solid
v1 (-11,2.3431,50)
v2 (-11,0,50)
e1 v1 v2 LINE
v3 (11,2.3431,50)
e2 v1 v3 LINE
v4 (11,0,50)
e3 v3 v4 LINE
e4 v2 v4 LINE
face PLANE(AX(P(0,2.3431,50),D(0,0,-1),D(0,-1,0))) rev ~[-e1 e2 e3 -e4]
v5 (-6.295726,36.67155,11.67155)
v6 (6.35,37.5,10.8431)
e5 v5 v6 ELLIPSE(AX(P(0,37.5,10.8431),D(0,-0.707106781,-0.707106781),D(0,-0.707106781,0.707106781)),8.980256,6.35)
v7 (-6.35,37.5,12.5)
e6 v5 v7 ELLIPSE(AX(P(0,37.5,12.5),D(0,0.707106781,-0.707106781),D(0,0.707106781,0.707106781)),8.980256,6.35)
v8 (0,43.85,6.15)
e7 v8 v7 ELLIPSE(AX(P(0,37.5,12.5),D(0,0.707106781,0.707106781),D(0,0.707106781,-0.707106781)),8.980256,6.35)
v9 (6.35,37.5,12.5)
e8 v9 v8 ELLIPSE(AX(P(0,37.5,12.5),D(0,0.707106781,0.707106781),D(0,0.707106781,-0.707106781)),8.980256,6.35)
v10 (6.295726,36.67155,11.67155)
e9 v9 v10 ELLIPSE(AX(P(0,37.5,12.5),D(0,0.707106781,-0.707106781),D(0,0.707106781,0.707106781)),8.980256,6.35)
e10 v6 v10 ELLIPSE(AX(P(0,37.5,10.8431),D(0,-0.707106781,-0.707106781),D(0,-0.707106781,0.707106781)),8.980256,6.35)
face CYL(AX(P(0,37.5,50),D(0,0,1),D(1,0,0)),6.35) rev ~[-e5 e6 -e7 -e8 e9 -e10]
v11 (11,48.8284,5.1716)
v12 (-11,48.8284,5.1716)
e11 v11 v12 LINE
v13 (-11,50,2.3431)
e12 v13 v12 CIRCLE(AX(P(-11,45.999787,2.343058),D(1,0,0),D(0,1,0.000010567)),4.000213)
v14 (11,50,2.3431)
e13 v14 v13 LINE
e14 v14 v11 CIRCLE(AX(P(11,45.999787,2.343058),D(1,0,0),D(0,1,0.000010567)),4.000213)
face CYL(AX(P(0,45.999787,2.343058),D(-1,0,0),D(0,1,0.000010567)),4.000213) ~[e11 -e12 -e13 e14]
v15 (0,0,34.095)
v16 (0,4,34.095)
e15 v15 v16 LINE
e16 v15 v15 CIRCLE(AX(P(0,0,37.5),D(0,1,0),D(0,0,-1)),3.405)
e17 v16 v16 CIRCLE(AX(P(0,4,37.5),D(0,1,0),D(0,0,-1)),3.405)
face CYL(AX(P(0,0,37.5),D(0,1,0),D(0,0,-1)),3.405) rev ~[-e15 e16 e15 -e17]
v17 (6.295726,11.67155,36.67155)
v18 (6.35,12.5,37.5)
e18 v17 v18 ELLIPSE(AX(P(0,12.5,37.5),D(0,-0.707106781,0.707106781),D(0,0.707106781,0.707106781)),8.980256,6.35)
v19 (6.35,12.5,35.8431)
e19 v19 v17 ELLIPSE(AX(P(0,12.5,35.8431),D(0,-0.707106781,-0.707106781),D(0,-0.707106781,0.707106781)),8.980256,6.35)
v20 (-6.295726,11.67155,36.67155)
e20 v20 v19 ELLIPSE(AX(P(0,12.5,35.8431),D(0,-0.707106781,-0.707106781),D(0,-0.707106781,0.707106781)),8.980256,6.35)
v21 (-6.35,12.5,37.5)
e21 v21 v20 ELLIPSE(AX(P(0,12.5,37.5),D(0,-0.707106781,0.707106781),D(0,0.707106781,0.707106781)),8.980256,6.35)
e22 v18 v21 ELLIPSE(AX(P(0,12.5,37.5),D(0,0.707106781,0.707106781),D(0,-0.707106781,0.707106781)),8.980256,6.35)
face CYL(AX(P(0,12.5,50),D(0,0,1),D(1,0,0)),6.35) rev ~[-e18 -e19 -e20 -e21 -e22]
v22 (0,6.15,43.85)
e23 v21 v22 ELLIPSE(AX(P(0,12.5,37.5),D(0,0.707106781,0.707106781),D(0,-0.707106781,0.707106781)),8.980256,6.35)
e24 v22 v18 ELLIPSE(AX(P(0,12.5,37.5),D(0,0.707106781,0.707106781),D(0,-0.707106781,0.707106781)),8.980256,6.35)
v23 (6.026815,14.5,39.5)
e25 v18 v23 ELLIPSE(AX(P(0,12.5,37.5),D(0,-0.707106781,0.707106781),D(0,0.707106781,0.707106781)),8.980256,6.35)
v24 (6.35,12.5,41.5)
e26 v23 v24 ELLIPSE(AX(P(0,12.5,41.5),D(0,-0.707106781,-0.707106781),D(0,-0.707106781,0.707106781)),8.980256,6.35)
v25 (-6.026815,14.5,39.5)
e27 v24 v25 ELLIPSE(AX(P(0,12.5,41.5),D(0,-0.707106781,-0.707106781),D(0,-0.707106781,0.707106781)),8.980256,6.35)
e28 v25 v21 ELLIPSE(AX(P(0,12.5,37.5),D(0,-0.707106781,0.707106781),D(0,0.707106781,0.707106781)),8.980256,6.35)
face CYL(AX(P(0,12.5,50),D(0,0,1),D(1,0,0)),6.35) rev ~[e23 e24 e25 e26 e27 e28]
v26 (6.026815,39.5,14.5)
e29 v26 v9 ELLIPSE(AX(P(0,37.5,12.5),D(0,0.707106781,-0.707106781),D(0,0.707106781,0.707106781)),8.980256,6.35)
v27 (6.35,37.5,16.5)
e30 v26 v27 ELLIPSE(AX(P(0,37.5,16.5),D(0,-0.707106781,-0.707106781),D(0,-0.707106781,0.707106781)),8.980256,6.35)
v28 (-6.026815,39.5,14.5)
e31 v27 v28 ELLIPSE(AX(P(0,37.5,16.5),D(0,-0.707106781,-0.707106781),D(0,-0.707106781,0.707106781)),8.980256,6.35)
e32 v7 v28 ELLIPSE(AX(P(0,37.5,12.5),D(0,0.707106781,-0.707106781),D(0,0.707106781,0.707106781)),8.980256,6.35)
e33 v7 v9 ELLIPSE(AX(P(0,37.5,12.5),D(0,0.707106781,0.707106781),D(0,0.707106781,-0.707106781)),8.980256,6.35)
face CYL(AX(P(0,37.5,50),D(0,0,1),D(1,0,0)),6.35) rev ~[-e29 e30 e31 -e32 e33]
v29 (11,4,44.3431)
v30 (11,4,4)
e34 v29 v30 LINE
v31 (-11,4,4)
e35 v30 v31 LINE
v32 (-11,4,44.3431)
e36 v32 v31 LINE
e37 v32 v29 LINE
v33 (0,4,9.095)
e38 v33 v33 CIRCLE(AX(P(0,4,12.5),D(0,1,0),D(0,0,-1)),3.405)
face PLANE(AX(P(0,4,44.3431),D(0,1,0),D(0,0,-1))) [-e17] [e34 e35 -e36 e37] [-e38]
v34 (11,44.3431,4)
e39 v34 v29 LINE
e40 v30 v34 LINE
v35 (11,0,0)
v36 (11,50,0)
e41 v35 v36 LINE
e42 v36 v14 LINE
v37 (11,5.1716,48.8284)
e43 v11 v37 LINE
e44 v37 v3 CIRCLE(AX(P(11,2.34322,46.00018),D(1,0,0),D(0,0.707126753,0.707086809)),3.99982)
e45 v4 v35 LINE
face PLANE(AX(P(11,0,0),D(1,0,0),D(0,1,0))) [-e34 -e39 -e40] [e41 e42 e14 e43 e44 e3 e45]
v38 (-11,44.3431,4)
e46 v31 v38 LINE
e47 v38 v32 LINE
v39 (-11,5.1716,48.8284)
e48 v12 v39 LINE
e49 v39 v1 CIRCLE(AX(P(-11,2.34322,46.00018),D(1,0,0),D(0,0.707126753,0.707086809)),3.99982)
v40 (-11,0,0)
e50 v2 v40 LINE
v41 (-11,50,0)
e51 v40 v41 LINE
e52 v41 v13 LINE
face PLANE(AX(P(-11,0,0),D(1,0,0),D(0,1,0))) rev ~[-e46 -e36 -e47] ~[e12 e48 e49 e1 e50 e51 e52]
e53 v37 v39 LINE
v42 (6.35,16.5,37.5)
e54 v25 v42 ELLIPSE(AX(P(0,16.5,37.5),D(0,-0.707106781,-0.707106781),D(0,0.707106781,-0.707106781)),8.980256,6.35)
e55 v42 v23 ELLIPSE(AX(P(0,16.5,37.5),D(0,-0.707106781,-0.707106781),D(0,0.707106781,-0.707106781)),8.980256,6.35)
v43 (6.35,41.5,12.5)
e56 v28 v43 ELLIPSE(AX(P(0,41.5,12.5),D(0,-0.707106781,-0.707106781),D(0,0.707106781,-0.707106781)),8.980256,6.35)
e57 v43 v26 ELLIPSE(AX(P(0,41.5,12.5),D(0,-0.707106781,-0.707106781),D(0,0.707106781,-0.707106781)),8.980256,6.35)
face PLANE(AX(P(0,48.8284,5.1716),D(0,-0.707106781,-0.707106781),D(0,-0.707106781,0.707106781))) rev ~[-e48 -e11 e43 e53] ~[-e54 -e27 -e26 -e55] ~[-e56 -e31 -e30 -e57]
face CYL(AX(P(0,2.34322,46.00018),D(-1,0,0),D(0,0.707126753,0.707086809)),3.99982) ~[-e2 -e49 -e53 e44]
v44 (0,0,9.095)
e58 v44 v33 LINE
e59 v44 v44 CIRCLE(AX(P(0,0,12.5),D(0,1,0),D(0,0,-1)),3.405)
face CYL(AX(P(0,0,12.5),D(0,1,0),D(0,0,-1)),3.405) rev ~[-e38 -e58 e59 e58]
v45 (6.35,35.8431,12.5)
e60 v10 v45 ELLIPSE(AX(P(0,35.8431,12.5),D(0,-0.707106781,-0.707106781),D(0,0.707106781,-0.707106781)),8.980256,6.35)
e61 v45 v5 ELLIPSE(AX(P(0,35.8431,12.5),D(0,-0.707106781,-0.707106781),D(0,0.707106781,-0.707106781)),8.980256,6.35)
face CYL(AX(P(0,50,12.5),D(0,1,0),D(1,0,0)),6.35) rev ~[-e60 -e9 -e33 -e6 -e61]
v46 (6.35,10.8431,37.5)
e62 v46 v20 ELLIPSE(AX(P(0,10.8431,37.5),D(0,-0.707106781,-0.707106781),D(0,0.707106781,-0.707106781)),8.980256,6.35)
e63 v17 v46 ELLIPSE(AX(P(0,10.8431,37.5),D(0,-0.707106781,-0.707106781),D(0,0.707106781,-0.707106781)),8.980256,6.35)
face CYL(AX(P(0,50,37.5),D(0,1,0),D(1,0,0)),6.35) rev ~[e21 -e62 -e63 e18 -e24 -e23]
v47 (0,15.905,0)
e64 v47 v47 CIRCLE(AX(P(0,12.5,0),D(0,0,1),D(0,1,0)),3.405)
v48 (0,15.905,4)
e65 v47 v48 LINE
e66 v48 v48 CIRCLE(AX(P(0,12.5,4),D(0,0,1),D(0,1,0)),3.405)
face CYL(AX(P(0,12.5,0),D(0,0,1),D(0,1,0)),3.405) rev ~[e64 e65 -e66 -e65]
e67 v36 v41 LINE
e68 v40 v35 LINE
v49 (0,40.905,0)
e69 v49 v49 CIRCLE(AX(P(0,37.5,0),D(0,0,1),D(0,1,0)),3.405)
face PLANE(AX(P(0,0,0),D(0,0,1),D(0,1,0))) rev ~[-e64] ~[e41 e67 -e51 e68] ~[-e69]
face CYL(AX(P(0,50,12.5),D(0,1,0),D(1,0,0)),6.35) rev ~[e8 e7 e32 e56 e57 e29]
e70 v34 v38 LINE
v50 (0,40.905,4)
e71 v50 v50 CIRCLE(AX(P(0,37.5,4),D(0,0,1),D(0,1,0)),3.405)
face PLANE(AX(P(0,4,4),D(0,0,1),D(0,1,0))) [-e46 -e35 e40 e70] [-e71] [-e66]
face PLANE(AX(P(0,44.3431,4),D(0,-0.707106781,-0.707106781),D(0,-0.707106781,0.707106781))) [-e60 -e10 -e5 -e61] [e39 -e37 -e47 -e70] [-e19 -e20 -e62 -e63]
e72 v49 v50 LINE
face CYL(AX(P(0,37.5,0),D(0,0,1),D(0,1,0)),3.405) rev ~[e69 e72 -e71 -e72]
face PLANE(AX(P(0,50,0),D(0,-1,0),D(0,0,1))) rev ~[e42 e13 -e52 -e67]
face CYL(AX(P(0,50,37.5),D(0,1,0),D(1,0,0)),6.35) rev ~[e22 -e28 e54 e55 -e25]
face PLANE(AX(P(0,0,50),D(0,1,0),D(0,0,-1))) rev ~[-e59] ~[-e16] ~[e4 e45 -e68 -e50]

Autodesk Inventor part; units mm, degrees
ref_plane "YZ Plane" through (0, 0, 0) normal (1, 0, 0) x (0, 1, 0)
ref_plane "XZ Plane" through (0, 0, 0) normal (0, 1, 0) x (-1, 0, 0)
ref_plane "XY Plane" through (0, 0, 0) normal (0, 0, 1) x (1, 0, 0)
sketch "Sketch_1" plane through (0, 0, 0) normal (1, 0, 0) x (0, 1, 0)
  line L0 (2.3431, 50) -> (0, 50)
  line L1 (0, 50) -> (0, 0)
  line L2 (0, 0) -> (50, 0)
  line L3 (50, 0) -> (50, 2.3431)
  arc A0 (50, 2.3431) -> (48.8284, 5.1716) centre (46, 2.3431) ccw
  line L4 (48.8284, 5.1716) -> (5.1716, 48.8284)
  arc A1 (5.1716, 48.8284) -> (2.3431, 50) centre (2.3431, 46) ccw
  line L5 (4, 44.3431) -> (4, 4)
  line L6 (4, 4) -> (44.3431, 4)
  line L7 (44.3431, 4) -> (4, 44.3431)
extrude "Extrusion1" add sketch "Sketch_1" along normal mid plane 22
sketch "Sketch2" plane through (-11, 0, 0) normal (0, -1, 0) x (1, 0, 0)
  point P0 (11, 12.5)
hole "Hole1" at (0, 0, 12.5) direction (0, 1, 0) diameter 6.81 depth 4
sketch "Sketch3" plane through (11, 50, 0) normal (0, 0, -1) x (-1, 0, 0)
  point P0 (11, -37.5)
hole "Hole2" at (0, 12.5, 0) direction (0, 0, 1) diameter 6.81 depth 4
sketch "Sketch_4" plane through (0, 0, 50) normal (0, 0, 1) x (1, 0, 0)
  circle A0 centre (0, 12.5) radius 6.35
extrude "Extrusion2" cut sketch "Sketch_4" against normal blind 46
sketch "Sketch_5" plane through (0, 50, 0) normal (0, 1, 0) x (1, 0, 0)
  circle A0 centre (0, -12.5) radius 6.35
extrude "Extrusion3" cut sketch "Sketch_5" against normal blind 46
sketch "Sketch6" plane through (11, 50, 0) normal (0, 0, -1) x (-1, 0, 0)
  point P0 (11, -12.5)
hole "Hole3" at (0, 37.5, 0) direction (0, 0, 1) diameter 6.81 depth 4
sketch "Sketch7" plane through (-11, 0, 0) normal (0, -1, 0) x (1, 0, 0)
  point P0 (11, 37.5)
hole "Hole4" at (0, 0, 37.5) direction (0, 1, 0) diameter 6.81 depth 4
sketch "Sketch_8" plane through (0, 0, 50) normal (0, 0, 1) x (1, 0, 0)
  circle A0 centre (0, 37.5) radius 6.35
extrude "Extrusion4" cut sketch "Sketch_8" against normal blind 46
sketch "Sketch_9" plane through (0, 50, 0) normal (0, 1, 0) x (1, 0, 0)
  circle A0 centre (0, -37.5) radius 6.35
extrude "Extrusion5" cut sketch "Sketch_9" against normal blind 46
properties part number "25-4136 Aluminum"
